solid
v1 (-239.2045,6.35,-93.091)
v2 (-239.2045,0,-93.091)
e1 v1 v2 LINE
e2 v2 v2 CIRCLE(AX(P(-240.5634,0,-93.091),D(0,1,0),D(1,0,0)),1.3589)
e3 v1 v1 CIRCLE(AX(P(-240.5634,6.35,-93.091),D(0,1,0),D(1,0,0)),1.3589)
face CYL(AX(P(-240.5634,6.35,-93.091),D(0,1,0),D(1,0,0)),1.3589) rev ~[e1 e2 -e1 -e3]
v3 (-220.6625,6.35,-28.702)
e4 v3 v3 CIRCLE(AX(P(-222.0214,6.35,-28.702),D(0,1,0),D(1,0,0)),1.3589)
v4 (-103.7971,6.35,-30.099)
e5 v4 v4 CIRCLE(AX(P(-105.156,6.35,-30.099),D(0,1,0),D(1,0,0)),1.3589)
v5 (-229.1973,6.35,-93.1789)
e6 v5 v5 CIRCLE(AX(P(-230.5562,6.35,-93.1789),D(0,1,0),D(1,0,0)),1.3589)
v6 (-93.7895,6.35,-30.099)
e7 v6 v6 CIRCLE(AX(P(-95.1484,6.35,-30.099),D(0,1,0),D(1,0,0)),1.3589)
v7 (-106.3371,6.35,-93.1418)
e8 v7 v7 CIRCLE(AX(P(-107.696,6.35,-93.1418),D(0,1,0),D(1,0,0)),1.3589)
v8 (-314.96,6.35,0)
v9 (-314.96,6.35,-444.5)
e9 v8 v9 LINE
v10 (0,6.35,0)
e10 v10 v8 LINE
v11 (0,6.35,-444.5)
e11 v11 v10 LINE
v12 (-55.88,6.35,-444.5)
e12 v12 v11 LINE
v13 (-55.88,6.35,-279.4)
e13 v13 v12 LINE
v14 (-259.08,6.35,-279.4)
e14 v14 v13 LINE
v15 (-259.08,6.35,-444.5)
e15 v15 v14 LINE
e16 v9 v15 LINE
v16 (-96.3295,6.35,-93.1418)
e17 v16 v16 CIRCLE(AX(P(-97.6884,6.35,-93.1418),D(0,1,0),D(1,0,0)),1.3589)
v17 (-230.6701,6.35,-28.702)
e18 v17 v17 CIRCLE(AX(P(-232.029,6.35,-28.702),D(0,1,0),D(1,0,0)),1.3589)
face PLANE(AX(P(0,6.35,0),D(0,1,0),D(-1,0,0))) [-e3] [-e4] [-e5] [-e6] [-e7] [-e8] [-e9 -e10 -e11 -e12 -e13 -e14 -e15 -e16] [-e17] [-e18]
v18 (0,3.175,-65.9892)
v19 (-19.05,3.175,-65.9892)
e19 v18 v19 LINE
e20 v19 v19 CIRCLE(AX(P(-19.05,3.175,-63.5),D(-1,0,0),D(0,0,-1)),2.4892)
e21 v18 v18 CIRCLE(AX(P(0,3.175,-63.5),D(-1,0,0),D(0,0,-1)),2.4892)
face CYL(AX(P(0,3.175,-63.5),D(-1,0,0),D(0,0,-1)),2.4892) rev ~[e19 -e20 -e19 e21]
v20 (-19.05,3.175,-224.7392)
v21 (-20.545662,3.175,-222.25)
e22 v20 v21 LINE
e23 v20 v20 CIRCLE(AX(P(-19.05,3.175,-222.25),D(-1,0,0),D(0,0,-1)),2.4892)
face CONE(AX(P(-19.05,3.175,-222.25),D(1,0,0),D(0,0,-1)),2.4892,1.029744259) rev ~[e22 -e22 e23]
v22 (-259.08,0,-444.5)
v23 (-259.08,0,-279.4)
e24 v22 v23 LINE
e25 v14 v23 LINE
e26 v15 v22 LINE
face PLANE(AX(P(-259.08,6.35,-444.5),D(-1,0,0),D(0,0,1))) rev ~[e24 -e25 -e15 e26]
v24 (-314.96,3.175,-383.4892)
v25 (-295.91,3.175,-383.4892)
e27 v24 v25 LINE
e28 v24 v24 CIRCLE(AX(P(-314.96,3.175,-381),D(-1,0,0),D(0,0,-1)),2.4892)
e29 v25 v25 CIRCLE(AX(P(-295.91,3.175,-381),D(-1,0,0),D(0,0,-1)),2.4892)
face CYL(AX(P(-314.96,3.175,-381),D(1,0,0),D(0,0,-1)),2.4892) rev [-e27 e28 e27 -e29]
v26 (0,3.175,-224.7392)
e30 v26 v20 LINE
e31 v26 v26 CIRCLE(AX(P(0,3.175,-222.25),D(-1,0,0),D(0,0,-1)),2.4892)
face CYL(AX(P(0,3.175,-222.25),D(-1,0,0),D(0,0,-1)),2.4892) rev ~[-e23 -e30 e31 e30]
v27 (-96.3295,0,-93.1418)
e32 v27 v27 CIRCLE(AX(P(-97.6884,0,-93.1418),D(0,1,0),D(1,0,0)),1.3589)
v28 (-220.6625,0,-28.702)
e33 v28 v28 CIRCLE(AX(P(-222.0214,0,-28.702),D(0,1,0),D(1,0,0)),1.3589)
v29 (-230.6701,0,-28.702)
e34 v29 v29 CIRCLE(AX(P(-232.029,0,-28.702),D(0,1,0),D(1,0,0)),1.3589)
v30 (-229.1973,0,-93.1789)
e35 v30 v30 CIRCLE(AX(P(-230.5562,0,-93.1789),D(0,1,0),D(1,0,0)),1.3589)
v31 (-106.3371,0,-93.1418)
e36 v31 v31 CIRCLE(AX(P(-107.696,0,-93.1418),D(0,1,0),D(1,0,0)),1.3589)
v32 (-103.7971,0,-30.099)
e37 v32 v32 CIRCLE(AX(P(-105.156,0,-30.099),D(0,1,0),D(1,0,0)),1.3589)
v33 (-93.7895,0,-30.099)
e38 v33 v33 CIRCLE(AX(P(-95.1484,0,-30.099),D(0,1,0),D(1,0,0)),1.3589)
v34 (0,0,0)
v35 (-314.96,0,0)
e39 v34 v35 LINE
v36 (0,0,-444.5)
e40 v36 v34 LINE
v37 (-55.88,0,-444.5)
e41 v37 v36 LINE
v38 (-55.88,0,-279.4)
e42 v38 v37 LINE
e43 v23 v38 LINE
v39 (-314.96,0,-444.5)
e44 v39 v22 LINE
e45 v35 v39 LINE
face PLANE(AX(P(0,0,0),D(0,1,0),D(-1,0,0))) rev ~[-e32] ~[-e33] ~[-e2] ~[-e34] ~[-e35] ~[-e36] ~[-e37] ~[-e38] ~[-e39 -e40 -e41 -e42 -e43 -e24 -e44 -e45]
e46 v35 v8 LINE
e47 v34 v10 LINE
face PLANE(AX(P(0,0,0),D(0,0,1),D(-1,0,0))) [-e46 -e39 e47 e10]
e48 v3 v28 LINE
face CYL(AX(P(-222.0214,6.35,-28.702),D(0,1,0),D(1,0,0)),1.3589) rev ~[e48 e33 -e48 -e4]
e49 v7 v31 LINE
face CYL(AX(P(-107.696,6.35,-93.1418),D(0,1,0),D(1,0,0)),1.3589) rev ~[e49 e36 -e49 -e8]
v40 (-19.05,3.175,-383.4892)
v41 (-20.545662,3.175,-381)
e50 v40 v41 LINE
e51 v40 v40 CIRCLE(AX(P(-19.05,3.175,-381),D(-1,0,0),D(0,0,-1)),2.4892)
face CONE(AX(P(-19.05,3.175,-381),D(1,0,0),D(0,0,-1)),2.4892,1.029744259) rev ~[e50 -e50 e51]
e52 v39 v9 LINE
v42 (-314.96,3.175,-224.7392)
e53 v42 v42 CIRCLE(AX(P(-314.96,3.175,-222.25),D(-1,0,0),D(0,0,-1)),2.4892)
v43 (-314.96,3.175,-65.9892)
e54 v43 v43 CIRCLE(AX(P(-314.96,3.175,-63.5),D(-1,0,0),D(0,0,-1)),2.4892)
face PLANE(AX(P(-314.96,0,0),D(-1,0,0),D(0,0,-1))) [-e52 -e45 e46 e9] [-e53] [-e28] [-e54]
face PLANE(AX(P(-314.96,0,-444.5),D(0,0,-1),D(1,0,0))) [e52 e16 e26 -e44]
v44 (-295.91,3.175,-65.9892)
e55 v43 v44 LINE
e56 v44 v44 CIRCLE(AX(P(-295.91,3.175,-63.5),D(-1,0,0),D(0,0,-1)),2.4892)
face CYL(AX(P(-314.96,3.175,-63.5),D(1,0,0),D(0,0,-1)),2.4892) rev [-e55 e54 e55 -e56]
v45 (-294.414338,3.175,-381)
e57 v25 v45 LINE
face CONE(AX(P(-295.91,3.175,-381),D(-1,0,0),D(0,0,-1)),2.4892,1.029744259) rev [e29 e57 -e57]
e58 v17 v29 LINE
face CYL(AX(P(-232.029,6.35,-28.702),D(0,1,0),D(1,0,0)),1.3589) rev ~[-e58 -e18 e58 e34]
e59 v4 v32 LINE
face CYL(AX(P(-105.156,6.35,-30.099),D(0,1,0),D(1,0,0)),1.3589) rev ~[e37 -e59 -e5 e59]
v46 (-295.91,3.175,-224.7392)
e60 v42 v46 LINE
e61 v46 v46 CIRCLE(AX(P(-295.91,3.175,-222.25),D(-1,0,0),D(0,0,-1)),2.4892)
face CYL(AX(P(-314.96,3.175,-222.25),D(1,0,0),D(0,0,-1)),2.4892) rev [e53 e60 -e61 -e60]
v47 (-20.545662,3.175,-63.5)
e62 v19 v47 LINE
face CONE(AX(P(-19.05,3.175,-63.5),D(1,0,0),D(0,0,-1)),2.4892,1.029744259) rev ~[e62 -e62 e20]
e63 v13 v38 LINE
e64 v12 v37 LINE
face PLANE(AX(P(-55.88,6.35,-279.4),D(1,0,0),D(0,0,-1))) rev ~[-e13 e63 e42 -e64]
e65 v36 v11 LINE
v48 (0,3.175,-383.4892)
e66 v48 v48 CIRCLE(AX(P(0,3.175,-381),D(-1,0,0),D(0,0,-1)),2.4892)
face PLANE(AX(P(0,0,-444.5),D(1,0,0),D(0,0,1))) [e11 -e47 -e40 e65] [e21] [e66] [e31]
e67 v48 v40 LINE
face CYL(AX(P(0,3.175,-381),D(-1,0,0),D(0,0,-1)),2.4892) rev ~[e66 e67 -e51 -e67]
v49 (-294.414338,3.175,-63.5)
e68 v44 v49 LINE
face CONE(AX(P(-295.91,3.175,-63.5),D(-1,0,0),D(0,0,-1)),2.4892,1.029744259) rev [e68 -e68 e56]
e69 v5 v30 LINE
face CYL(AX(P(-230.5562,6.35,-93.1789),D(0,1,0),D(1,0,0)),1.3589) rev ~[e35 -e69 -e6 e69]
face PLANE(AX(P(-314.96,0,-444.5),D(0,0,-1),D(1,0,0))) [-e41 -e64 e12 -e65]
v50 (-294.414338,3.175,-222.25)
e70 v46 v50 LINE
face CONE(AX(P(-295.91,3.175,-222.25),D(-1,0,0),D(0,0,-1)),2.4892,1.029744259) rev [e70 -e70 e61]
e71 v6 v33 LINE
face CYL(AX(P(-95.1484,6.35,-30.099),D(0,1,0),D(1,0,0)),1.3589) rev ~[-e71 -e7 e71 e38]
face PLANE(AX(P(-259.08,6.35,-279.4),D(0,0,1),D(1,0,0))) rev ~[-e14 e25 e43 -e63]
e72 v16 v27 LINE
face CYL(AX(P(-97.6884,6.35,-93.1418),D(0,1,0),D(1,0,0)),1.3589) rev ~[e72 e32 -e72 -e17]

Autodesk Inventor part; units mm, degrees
ref_plane "YZ Plane" through (0, 0, 0) normal (1, 0, 0) x (0, 1, 0)
ref_plane "XZ Plane" through (0, 0, 0) normal (0, 1, 0) x (-1, 0, 0)
ref_plane "XY Plane" through (0, 0, 0) normal (0, 0, 1) x (1, 0, 0)
sketch "Sketch1" plane through (0, 0, 0) normal (0, 1, 0) x (-1, 0, 0)
  line L0 (0, 0) -> (314.96, 0)
  line L1 (314.96, 0) -> (314.96, -444.5)
  line L2 (314.96, -444.5) -> (0, -444.5)
  line L3 (0, -444.5) -> (0, 0)
  dimension "d0" = 314.96
  dimension "d1" = 444.5
extrude "Extrusion1" add sketch "Sketch1" along normal blind 6.35
sketch "Sketch2" plane through (0, 6.35, 0) normal (0, 1, 0) x (1, 0, 0)
  circle A0 centre (-95.1484, 30.099) radius 1.3589
  circle A1 centre (-105.156, 30.099) radius 1.3589
  line L0 (-314.96, 0) -> (0, 0) projected
  line L1 (0, 0) -> (0, 444.5) projected
  dimension "d4" = 2.7178
  dimension "d5" = 2.7178
  dimension "d7" = 95.1484
  dimension "d8" = 10.0076
  dimension "d9" = 30.099
  dimension "d37" = 30.099
extrude "Extrusion2" cut sketch "Sketch2" against normal blind 25.4
sketch "Sketch3" plane through (0, 6.35, 0) normal (0, 1, 0) x (1, 0, 0)
  circle A0 centre (-107.696, 93.1418) radius 1.3589
  circle A1 centre (-97.6884, 93.1418) radius 1.3589
  circle A2 centre (-95.1484, 30.099) radius 1.3589 projected
  circle A3 centre (-105.156, 30.099) radius 1.3589 projected
  line L0 (0, 0) -> (0, 444.5) projected
  dimension "d12" = 2.7178
  dimension "d13" = 2.7178
  dimension "d14" = 63.0428
  dimension "d15" = 63.0428
  dimension "d16" = 10.0076
  dimension "d17" = 97.6884
extrude "Extrusion3" cut sketch "Sketch3" against normal blind 25.4 contours A0 | A1
sketch "Sketch4" plane through (0, 6.35, 0) normal (0, 1, 0) x (1, 0, 0)
  circle A0 centre (-240.5634, 93.091) radius 1.3589
  circle A1 centre (-230.5562, 93.1789) radius 1.3589
  line L0 (-314.96, 444.5) -> (-314.96, 0) projected
  line L1 (-314.96, 0) -> (0, 0) projected
  dimension "d20" = 2.7178
  dimension "d21" = 2.7178
  dimension "d22" = 10.0076
  dimension "d23" = 74.3966
  dimension "d24" = 93.091
extrude "Extrusion4" cut sketch "Sketch4" against normal blind 25.4
sketch "Sketch5" plane through (0, 6.35, 0) normal (0, 1, 0) x (1, 0, 0)
  circle A0 centre (-232.029, 28.702) radius 1.3589
  circle A1 centre (-222.0214, 28.702) radius 1.3589
  line L0 (-314.96, 0) -> (0, 0) projected
  line L1 (-314.96, 444.5) -> (-314.96, 0) projected
  line L2 (0, 0) -> (0, 444.5) projected
  dimension "d27" = 2.7178
  dimension "d28" = 2.7178
  dimension "d31" = 28.702
  dimension "d32" = 10.0076
  dimension "d36" = 222.0214
  dimension "d38" = 28.702
extrude "Extrusion5" cut sketch "Sketch5" against normal blind 25.4
sketch "Sketch6" plane through (0, 0, 0) normal (1, 0, 0) x (0, 0, -1)
  line L0 (444.5, 0) -> (444.5, 6.35) projected
  line L1 (0, 6.35) -> (444.5, 6.35) projected
  line L2 (0, 0) -> (0, 6.35) projected
  point P0 (63.5, 3.175)
  point P1 (222.25, 3.175)
  point P2 (381, 3.175)
  dimension "d39" = 6.35
  dimension "d40" = 3.175
  dimension "d41" = 3.175
  dimension "d42" = 3.175
  dimension "d43" = 63.5
  dimension "d44" = 63.5
  dimension "d45" = 317.5
  dimension "d46" = 158.75
hole "Hole1" at (0, 3.175, -63.5) at (0, 3.175, -222.25) at (0, 3.175, -381) direction (-1, 0, 0) diameter 4.9784 depth 19.05 tip angle 118 thread size "1/4-20 UNC" class "2B" standard "ANSI Unified Screw Threads"
ref_plane "Work Plane1" through (-157.48, 0, 0) normal (1, 0, 0) x (0, 0, -1)
mirror "Mirror1" about plane through (-157.48, 0, 0) normal (1, 0, 0) of "Hole1"
sketch "Sketch7" plane through (0, 6.35, 0) normal (0, 1, 0) x (1, 0, 0)
  line L0 (0, 444.5) -> (-314.96, 444.5) projected
  line L1 (-55.88, 444.5) -> (-259.08, 444.5)
  line L2 (-259.08, 444.5) -> (-259.08, 279.4)
  line L3 (-259.08, 279.4) -> (-55.88, 279.4)
  line L4 (-55.88, 279.4) -> (-55.88, 444.5)
  line L5 (-314.96, 444.5) -> (-314.96, 0) projected
  point P0 (0, 0)
  dimension "d54" = 203.2
  dimension "d55" = 165.1
  dimension "d56" = 55.88
extrude "Extrusion6" cut sketch "Sketch7" against normal through all
equation "\"d40\" = 0.5 * d39"
equation "\"d41\" = d40"
equation "\"d42\" = d41"
equation "\"d44\" = d43"
equation "\"d46\" = 0.5 * d45"
properties part number "main plate"
